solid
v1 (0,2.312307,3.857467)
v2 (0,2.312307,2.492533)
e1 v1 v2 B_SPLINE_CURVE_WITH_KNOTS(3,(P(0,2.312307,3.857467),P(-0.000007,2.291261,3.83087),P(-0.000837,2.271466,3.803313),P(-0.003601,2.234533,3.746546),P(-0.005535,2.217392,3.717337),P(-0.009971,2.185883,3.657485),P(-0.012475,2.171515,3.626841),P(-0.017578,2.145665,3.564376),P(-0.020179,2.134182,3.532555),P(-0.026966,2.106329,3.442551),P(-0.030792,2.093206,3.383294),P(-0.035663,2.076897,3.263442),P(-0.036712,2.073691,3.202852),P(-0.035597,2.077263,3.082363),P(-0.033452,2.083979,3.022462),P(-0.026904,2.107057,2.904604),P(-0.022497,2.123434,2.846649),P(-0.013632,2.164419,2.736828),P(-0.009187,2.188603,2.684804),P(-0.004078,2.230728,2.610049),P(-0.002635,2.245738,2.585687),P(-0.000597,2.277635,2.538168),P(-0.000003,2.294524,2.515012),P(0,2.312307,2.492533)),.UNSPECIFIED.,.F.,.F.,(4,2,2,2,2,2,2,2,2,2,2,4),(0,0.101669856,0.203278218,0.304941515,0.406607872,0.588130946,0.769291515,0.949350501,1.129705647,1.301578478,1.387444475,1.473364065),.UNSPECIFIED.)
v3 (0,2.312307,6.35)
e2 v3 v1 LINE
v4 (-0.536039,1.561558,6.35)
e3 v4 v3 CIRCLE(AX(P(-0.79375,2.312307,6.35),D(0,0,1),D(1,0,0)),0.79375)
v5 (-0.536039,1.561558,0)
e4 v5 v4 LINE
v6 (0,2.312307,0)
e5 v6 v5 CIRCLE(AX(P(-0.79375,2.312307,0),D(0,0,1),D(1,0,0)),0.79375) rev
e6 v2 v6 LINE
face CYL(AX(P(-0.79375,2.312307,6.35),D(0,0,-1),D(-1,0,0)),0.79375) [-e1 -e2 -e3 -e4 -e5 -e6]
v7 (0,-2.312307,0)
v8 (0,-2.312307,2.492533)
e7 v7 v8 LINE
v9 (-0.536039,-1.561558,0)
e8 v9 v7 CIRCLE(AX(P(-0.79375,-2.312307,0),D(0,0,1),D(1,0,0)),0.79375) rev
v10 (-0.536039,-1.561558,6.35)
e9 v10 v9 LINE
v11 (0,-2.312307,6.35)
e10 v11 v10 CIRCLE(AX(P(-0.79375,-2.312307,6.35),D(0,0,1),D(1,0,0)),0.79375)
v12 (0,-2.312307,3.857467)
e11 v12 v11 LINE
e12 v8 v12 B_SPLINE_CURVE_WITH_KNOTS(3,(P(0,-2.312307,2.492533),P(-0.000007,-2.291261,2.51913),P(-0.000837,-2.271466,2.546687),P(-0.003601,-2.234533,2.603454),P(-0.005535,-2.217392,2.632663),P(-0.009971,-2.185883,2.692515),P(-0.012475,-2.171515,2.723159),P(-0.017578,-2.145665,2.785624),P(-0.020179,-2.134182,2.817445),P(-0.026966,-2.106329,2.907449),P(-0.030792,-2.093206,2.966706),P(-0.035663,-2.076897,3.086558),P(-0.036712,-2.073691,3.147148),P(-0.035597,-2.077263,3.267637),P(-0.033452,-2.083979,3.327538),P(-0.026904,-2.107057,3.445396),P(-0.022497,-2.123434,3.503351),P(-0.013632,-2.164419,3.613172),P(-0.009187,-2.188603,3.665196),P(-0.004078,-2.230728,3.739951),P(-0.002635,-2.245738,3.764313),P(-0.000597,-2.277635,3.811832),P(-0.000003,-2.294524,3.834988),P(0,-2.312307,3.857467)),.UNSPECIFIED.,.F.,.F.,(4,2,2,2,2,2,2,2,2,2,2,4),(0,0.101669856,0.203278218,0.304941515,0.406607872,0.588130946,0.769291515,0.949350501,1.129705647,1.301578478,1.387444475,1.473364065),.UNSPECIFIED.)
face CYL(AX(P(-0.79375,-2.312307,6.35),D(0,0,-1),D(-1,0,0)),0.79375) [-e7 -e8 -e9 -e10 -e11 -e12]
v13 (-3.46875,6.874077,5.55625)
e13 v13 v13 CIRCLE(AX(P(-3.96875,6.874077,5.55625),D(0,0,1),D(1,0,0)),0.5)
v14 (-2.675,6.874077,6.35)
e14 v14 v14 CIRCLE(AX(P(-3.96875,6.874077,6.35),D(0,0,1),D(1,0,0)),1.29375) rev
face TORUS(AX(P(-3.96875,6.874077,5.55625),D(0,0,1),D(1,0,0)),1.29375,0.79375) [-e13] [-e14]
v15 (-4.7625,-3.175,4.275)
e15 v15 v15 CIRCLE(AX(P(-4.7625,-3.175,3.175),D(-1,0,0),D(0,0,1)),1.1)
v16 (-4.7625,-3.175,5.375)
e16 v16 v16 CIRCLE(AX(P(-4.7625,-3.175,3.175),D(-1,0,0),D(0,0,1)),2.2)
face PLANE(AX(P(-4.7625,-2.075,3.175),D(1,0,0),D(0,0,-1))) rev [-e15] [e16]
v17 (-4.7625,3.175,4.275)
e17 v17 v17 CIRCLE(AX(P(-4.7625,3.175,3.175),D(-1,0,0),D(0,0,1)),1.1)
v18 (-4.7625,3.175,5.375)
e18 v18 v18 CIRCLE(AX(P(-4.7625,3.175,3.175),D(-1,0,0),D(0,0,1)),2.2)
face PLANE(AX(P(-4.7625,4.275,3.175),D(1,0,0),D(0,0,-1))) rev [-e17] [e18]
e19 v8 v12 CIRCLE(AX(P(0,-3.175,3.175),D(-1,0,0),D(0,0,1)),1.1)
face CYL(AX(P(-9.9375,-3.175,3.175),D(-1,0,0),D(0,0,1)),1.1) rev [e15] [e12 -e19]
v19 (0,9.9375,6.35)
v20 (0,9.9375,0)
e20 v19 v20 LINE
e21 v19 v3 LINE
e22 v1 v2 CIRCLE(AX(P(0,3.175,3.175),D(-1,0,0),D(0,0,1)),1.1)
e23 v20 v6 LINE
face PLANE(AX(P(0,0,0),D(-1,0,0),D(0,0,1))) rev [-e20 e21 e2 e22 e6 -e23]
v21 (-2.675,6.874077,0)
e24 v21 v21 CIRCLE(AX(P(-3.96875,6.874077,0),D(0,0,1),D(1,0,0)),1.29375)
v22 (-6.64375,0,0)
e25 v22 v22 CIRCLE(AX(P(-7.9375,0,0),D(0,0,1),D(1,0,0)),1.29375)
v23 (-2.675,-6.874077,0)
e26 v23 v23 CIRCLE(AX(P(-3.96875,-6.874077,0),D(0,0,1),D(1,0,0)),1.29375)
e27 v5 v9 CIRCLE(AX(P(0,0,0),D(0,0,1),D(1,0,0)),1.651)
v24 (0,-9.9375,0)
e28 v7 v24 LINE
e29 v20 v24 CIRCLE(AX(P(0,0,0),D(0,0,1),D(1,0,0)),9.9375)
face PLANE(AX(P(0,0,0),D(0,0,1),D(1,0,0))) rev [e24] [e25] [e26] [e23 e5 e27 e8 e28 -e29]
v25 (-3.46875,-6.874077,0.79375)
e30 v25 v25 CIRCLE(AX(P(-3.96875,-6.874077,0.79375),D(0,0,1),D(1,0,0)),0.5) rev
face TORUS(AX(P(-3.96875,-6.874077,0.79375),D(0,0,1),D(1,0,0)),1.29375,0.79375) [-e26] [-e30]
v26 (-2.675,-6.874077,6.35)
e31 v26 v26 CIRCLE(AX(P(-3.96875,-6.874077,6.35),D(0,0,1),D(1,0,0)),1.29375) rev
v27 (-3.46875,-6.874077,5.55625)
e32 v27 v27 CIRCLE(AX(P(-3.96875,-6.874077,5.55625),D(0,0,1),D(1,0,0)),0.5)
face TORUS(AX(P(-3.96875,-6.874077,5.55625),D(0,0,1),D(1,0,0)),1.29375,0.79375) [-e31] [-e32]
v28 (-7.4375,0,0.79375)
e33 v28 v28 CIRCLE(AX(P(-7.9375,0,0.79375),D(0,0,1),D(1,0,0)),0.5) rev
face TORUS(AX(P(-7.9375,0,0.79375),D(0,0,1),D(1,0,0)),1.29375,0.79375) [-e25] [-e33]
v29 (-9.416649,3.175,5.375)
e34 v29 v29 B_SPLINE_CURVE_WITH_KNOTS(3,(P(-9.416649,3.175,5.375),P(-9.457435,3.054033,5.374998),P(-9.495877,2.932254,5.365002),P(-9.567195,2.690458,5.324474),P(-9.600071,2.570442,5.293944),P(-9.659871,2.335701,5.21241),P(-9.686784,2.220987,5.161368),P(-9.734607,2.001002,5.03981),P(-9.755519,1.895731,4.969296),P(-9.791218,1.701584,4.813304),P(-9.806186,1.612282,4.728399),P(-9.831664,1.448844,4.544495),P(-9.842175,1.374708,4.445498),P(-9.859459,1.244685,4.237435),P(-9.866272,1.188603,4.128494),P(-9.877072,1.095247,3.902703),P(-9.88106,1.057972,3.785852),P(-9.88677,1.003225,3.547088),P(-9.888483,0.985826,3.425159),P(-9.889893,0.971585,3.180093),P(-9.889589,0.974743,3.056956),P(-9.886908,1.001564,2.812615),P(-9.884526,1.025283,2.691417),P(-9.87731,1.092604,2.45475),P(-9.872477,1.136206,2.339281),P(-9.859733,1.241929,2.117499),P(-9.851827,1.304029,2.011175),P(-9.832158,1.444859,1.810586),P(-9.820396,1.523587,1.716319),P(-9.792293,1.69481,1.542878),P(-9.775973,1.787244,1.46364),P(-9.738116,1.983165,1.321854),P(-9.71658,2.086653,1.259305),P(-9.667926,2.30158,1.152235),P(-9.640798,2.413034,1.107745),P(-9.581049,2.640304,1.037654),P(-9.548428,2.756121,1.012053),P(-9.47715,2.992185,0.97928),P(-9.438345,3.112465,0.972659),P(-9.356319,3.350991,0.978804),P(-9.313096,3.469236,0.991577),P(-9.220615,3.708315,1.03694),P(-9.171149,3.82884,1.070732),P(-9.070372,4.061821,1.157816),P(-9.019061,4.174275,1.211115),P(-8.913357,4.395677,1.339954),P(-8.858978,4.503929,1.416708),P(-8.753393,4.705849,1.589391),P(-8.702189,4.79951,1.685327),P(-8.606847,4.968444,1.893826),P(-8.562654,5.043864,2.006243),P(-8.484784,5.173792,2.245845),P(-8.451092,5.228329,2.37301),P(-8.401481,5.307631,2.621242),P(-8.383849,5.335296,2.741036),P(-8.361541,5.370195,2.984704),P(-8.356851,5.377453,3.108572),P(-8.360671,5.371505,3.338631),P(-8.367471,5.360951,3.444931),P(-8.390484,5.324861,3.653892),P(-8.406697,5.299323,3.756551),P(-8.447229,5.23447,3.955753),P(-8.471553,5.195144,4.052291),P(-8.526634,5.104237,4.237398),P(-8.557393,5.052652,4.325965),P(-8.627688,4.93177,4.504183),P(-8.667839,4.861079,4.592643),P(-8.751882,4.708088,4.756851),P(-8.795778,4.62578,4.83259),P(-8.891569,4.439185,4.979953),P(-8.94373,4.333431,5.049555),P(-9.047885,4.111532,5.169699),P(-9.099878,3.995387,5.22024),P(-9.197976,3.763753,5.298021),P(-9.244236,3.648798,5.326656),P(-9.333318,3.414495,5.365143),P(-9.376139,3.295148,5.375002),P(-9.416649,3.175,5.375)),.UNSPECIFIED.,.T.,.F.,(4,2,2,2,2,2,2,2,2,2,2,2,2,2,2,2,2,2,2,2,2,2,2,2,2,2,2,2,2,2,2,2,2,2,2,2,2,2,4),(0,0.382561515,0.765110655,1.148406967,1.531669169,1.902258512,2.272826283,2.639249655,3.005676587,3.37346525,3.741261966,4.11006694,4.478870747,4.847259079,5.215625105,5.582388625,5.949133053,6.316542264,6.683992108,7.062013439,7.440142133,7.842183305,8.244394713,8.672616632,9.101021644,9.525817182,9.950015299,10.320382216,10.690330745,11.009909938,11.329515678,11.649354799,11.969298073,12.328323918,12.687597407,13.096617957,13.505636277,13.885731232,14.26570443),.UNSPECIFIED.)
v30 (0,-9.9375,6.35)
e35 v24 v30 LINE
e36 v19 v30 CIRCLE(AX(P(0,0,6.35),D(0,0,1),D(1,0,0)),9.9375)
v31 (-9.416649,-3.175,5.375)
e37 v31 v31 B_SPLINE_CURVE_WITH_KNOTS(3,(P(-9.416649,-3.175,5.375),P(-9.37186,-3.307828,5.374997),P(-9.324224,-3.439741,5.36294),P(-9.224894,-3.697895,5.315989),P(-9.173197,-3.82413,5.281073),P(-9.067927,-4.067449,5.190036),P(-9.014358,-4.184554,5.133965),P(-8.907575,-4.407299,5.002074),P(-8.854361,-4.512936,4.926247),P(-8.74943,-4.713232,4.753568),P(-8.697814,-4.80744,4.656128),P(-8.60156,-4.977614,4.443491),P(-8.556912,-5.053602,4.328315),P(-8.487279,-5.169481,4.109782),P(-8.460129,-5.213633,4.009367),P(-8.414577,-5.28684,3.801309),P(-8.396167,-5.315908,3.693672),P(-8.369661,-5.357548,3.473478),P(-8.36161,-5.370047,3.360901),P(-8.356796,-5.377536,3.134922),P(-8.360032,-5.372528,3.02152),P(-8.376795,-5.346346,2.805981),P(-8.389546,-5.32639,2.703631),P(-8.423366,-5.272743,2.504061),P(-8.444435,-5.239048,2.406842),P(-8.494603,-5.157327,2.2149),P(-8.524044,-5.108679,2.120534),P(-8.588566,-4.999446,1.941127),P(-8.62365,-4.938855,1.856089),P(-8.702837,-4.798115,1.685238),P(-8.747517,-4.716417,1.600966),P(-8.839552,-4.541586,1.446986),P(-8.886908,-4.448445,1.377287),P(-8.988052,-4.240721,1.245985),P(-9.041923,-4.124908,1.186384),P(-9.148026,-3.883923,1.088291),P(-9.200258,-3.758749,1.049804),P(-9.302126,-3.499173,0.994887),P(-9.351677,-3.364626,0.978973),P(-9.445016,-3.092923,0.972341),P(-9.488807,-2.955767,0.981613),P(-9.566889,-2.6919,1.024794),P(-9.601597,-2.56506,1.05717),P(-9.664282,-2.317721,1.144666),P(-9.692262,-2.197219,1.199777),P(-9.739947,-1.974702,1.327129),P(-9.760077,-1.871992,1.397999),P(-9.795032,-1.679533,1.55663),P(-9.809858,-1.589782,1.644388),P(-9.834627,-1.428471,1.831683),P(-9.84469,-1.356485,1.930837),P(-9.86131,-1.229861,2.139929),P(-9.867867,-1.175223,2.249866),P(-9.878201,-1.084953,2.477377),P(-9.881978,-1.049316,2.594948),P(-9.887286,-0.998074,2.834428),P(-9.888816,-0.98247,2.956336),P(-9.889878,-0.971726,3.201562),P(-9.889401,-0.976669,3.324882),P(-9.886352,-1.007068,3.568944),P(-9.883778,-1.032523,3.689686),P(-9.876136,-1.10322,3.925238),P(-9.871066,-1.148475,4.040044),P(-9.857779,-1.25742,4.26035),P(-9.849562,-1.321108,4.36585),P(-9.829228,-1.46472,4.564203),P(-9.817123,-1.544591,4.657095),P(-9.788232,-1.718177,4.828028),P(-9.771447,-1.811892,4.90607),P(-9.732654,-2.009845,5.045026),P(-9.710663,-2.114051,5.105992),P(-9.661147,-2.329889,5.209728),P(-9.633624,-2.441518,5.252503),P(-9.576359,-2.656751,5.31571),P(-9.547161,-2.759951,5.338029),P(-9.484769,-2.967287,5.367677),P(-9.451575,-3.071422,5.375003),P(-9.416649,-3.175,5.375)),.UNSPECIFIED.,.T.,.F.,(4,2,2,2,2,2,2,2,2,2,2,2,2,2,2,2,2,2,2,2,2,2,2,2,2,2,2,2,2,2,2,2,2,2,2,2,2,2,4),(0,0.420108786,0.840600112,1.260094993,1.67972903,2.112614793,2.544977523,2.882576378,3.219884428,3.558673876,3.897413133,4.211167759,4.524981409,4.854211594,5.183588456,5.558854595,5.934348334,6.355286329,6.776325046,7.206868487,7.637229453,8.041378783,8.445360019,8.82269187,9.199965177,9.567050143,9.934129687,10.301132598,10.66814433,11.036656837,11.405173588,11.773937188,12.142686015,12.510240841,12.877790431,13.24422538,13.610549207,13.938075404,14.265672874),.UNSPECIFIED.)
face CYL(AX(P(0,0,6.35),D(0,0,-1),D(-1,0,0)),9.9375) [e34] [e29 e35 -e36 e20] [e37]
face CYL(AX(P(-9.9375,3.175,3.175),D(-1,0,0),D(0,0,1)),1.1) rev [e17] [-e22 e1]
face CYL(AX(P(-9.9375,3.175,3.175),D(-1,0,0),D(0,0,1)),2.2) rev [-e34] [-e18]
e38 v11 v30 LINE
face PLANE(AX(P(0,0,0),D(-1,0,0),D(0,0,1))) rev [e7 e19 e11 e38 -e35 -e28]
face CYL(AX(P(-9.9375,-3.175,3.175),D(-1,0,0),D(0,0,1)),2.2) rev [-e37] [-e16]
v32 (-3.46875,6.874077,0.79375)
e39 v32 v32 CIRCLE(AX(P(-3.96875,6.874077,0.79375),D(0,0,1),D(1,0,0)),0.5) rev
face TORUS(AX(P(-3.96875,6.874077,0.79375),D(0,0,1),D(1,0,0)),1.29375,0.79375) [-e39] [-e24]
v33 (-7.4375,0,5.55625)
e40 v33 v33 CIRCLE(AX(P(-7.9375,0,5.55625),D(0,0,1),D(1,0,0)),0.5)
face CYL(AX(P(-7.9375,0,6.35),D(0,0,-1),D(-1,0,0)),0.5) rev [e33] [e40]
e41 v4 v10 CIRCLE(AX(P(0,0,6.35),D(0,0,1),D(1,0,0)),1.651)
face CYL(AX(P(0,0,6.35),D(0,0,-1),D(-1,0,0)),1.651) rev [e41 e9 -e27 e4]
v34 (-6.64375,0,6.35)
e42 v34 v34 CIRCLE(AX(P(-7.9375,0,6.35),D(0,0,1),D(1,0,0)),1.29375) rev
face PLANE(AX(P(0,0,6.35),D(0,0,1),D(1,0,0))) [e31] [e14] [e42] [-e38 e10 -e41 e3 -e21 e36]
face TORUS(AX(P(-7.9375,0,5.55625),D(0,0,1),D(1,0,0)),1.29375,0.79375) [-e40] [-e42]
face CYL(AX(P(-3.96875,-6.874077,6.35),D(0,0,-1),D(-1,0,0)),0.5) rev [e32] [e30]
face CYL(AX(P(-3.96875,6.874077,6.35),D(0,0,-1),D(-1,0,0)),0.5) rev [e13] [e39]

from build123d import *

# Parameters (mm, degrees)
SKETCH1_R                      = 9.9375
SKETCH1_R_2                    = 1.651
SKETCH1_R_3                    = 0.5
BOSS_EXTRUDE1_DEPTH            = 6.35
CUT_EXTRUDE1_DEPTH             = 16.421748036
FILLET1_R                      = 0.79375
FILLET2_R                      = 0.79375
CBORE_FOR_M2_SHCS1_D           = 2.2
CBORE_FOR_M2_SHCS1_CBORE_D     = 4.4
CBORE_FOR_M2_SHCS1_CBORE_DEPTH = 5.175


with BuildPart() as part:
    # Sketch1 → Boss-Extrude1 (new body)
    with BuildSketch(Plane.XY):
        Circle(SKETCH1_R)
        Circle(SKETCH1_R_2, mode=Mode.SUBTRACT)
        with Locations((-7.9375, 0)):
            Circle(SKETCH1_R_3, mode=Mode.SUBTRACT)
        with Locations((-3.96875, 6.874076643)):
            Circle(SKETCH1_R_3, mode=Mode.SUBTRACT)
        with Locations((3.96875, 6.874076643)):
            Circle(SKETCH1_R_3, mode=Mode.SUBTRACT)
        with Locations((7.9375, 0)):
            Circle(SKETCH1_R_3, mode=Mode.SUBTRACT)
        with Locations((3.96875, -6.874076643)):
            Circle(SKETCH1_R_3, mode=Mode.SUBTRACT)
        with Locations((-3.96875, -6.874076643)):
            Circle(SKETCH1_R_3, mode=Mode.SUBTRACT)
    extrude(amount=BOSS_EXTRUDE1_DEPTH)

    # Sketch2 → Cut-Extrude1 (cut, through all)
    with BuildSketch(Plane.XY.offset(6.35)):
        Polygon((0, 0), (0, 25.4), (50.8, 25.4), (50.8, -25.4), (0, -25.4), align=None)
    extrude(amount=-CUT_EXTRUDE1_DEPTH, mode=Mode.SUBTRACT)

    # Fillet1
    fillet1_edges = [part.edges().sort_by_distance(p)[0] for p in [
        (0, -1.651, 3.175),
        (0, 1.651, 3.175),
    ]]
    fillet(fillet1_edges, radius=FILLET1_R)

    # Fillet2
    fillet2_edges = [part.edges().sort_by_distance(p)[0] for p in [
        (-4.46875, 6.874076643, 0),
        (-4.46875, 6.874076643, 6.35),
        (-4.46875, -6.874076643, 0),
        (-4.46875, -6.874076643, 6.35),
        (-8.4375, 0, 0),
        (-8.4375, 0, 6.35),
    ]]
    fillet(fillet2_edges, radius=FILLET2_R)

    # CBORE for M2 SHCS1 (through all)
    with Locations(Plane.ZY.offset(9.9375)):
        with Locations((3.175, 3.175), (3.175, -3.175)):
            CounterBoreHole(CBORE_FOR_M2_SHCS1_D / 2, CBORE_FOR_M2_SHCS1_CBORE_D / 2, CBORE_FOR_M2_SHCS1_CBORE_DEPTH)


solid = part.part
